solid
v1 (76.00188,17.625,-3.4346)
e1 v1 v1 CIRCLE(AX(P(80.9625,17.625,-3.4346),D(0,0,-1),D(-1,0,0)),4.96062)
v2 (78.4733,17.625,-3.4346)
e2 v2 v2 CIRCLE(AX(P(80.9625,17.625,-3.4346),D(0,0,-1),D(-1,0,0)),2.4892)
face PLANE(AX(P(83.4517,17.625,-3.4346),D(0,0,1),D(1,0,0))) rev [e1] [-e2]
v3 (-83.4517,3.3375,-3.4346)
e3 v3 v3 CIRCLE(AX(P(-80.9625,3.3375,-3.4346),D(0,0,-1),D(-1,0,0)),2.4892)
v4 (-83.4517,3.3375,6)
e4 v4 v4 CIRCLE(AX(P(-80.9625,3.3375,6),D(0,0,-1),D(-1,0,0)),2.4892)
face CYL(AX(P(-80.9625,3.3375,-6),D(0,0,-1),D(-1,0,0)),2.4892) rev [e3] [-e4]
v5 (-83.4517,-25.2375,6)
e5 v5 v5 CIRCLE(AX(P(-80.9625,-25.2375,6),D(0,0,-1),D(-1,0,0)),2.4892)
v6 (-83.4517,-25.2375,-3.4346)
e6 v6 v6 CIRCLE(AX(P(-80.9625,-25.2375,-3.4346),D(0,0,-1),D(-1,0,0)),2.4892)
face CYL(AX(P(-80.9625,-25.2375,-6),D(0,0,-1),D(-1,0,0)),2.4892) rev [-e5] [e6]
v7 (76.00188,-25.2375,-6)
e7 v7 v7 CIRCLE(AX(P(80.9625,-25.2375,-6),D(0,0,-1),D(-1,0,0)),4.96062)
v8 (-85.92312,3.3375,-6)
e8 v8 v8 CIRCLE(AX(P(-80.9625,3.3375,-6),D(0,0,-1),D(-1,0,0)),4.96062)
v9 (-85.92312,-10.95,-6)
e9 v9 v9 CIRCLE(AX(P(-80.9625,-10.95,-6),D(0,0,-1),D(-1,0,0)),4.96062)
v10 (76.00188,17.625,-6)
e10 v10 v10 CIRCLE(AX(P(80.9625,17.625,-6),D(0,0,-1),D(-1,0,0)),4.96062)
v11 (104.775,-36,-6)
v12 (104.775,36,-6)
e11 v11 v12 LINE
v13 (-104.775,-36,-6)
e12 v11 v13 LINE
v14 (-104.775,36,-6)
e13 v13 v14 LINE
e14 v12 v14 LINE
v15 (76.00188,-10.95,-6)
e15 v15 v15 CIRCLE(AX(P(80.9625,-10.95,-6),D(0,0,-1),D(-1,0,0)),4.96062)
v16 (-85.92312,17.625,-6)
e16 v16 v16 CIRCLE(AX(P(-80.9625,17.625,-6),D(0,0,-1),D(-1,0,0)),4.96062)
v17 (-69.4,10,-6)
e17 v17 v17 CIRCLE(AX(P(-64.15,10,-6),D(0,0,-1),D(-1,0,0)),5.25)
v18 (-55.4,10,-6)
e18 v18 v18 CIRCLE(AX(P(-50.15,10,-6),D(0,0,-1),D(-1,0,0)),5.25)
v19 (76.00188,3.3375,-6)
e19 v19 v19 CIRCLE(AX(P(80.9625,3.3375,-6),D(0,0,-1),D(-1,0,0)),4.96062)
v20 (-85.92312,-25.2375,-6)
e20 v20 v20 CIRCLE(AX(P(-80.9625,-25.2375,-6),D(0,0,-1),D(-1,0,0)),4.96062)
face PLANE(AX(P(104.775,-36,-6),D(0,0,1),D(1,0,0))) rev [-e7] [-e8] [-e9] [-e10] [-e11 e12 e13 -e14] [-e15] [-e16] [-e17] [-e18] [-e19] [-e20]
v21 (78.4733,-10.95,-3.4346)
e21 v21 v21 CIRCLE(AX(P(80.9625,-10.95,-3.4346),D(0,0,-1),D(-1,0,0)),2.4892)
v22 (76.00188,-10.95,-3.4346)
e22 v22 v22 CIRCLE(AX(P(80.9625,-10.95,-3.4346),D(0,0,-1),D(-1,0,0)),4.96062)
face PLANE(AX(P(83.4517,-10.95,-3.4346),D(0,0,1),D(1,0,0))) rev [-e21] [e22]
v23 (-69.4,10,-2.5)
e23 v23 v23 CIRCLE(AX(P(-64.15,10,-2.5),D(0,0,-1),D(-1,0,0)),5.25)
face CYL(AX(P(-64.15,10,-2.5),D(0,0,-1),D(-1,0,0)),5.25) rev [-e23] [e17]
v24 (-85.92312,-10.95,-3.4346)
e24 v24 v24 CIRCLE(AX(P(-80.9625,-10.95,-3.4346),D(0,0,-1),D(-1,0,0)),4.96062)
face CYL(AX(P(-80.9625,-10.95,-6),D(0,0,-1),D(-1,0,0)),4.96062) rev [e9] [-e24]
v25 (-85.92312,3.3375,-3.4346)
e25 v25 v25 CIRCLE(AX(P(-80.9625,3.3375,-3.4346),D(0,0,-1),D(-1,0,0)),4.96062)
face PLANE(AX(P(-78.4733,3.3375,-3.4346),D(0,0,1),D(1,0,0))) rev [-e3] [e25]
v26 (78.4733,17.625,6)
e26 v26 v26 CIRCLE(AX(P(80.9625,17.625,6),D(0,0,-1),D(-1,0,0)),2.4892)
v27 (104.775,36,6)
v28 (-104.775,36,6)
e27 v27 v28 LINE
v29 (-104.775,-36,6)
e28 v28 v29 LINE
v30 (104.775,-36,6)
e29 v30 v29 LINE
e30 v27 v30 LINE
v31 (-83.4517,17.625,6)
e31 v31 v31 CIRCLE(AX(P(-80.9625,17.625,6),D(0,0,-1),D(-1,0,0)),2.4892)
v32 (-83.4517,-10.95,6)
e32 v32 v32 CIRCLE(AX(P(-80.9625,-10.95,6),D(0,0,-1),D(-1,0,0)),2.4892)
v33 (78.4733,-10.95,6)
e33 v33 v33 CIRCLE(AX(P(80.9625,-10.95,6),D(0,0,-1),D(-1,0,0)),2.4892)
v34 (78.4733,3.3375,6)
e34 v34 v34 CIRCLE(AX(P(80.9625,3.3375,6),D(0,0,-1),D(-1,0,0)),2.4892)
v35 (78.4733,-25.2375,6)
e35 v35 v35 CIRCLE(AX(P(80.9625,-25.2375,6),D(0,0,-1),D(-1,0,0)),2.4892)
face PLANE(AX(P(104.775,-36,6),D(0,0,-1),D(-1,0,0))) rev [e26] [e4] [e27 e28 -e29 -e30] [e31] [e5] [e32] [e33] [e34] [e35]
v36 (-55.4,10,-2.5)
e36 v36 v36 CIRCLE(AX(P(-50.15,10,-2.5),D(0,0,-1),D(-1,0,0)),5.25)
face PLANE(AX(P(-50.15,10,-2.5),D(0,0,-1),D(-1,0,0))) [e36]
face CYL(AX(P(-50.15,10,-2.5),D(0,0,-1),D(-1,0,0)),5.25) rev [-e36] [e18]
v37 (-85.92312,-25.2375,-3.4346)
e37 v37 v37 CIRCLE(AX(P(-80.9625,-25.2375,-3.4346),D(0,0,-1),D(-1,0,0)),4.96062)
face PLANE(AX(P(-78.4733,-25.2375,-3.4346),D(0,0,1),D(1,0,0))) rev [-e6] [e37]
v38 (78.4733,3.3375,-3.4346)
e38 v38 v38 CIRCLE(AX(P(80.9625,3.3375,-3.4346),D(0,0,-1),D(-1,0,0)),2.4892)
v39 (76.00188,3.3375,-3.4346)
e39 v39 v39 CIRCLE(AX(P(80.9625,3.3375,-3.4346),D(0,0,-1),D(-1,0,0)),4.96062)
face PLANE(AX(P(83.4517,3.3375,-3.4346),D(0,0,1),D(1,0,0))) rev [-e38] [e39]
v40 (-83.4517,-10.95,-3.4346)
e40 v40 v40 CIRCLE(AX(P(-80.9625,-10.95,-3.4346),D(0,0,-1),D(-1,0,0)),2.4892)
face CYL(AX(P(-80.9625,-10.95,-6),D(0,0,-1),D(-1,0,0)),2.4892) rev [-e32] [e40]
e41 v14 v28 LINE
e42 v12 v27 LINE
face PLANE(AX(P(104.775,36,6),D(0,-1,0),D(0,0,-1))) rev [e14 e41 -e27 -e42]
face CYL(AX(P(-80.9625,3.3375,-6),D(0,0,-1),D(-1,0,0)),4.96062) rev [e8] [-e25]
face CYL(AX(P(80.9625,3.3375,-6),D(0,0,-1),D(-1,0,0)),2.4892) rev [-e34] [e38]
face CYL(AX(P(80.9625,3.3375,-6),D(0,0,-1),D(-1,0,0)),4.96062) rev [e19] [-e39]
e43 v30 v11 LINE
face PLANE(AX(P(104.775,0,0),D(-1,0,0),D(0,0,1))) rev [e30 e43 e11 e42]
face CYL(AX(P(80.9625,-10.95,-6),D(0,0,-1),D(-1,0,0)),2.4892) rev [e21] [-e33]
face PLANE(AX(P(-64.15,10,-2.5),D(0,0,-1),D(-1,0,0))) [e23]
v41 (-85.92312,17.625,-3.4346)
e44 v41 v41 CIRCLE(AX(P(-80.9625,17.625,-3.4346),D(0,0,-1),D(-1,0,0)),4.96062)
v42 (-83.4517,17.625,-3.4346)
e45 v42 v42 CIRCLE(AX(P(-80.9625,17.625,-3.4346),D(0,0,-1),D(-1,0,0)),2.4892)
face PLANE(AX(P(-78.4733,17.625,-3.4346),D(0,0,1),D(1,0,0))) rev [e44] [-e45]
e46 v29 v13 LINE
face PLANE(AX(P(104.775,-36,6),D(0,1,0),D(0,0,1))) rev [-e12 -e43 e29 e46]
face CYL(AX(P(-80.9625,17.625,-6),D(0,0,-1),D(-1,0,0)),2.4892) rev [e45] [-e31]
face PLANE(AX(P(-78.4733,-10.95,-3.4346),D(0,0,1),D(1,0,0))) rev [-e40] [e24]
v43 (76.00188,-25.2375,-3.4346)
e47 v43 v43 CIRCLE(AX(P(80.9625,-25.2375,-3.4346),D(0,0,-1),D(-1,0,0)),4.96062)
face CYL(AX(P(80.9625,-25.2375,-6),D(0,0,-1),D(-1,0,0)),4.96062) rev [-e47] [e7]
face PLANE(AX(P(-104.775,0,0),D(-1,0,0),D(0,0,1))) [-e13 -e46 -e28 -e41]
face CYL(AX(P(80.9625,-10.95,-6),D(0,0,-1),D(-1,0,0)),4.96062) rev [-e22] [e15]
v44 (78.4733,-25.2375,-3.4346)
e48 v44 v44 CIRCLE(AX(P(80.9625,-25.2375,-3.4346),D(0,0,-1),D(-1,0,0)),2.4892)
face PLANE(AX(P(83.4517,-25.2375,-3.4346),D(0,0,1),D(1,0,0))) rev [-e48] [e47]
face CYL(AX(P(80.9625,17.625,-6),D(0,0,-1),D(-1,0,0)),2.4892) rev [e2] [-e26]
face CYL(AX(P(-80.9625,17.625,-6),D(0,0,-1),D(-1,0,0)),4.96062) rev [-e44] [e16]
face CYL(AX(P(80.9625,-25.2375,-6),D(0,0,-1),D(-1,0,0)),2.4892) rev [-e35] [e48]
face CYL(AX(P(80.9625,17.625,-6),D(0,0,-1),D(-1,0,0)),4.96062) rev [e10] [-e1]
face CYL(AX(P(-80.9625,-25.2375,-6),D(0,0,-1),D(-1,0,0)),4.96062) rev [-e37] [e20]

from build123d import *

# Parameters (mm, degrees)
SKETCH1_W                                       = 12
SKETCH1_H                                       = 72
BOSS_EXTRUDE1_DEPTH                             = 104.775
CBORE_FOR_10_BUTTON_HEAD_CAP_SCREW1_D           = 4.9784
CBORE_FOR_10_BUTTON_HEAD_CAP_SCREW1_CBORE_D     = 9.92124
CBORE_FOR_10_BUTTON_HEAD_CAP_SCREW1_CBORE_DEPTH = 2.5654
SKETCH5_R                                       = 5.25
CUT_EXTRUDE1_DEPTH                              = 3.5


with BuildPart() as part:
    # Sketch1 → Boss-Extrude1 (new, symmetric)
    with BuildSketch(Plane(origin=(0, 0, 0), x_dir=(0, 0, -1), z_dir=(1, 0, 0))):
        Rectangle(SKETCH1_W, SKETCH1_H)
    extrude(amount=BOSS_EXTRUDE1_DEPTH, both=True)

    # CBORE for #10 Button Head Cap Screw1 (through all)
    with Locations(Plane(origin=(0, 0, -6), x_dir=(1, 0, 0), z_dir=(0, 0, -1))):
        with Locations((-80.9625, 25.2375), (-80.9625, 10.95), (-80.9625, -3.3375), (-80.9625, -17.625), (80.9625, 25.2375), (80.9625, 10.95), (80.9625, -3.3375), (80.9625, -17.625)):
            CounterBoreHole(CBORE_FOR_10_BUTTON_HEAD_CAP_SCREW1_D / 2, CBORE_FOR_10_BUTTON_HEAD_CAP_SCREW1_CBORE_D / 2, CBORE_FOR_10_BUTTON_HEAD_CAP_SCREW1_CBORE_DEPTH)

    # Sketch5 → Cut-Extrude1 (cut)
    with BuildSketch(Plane(origin=(0, 0, -6), x_dir=(-1, 0, 0), z_dir=(0, 0, -1))):
        with Locations((64.15, 10)):
            Circle(SKETCH5_R)
        with Locations((50.15, 10)):
            Circle(SKETCH5_R)
    extrude(amount=-CUT_EXTRUDE1_DEPTH, mode=Mode.SUBTRACT)


solid = part.part
